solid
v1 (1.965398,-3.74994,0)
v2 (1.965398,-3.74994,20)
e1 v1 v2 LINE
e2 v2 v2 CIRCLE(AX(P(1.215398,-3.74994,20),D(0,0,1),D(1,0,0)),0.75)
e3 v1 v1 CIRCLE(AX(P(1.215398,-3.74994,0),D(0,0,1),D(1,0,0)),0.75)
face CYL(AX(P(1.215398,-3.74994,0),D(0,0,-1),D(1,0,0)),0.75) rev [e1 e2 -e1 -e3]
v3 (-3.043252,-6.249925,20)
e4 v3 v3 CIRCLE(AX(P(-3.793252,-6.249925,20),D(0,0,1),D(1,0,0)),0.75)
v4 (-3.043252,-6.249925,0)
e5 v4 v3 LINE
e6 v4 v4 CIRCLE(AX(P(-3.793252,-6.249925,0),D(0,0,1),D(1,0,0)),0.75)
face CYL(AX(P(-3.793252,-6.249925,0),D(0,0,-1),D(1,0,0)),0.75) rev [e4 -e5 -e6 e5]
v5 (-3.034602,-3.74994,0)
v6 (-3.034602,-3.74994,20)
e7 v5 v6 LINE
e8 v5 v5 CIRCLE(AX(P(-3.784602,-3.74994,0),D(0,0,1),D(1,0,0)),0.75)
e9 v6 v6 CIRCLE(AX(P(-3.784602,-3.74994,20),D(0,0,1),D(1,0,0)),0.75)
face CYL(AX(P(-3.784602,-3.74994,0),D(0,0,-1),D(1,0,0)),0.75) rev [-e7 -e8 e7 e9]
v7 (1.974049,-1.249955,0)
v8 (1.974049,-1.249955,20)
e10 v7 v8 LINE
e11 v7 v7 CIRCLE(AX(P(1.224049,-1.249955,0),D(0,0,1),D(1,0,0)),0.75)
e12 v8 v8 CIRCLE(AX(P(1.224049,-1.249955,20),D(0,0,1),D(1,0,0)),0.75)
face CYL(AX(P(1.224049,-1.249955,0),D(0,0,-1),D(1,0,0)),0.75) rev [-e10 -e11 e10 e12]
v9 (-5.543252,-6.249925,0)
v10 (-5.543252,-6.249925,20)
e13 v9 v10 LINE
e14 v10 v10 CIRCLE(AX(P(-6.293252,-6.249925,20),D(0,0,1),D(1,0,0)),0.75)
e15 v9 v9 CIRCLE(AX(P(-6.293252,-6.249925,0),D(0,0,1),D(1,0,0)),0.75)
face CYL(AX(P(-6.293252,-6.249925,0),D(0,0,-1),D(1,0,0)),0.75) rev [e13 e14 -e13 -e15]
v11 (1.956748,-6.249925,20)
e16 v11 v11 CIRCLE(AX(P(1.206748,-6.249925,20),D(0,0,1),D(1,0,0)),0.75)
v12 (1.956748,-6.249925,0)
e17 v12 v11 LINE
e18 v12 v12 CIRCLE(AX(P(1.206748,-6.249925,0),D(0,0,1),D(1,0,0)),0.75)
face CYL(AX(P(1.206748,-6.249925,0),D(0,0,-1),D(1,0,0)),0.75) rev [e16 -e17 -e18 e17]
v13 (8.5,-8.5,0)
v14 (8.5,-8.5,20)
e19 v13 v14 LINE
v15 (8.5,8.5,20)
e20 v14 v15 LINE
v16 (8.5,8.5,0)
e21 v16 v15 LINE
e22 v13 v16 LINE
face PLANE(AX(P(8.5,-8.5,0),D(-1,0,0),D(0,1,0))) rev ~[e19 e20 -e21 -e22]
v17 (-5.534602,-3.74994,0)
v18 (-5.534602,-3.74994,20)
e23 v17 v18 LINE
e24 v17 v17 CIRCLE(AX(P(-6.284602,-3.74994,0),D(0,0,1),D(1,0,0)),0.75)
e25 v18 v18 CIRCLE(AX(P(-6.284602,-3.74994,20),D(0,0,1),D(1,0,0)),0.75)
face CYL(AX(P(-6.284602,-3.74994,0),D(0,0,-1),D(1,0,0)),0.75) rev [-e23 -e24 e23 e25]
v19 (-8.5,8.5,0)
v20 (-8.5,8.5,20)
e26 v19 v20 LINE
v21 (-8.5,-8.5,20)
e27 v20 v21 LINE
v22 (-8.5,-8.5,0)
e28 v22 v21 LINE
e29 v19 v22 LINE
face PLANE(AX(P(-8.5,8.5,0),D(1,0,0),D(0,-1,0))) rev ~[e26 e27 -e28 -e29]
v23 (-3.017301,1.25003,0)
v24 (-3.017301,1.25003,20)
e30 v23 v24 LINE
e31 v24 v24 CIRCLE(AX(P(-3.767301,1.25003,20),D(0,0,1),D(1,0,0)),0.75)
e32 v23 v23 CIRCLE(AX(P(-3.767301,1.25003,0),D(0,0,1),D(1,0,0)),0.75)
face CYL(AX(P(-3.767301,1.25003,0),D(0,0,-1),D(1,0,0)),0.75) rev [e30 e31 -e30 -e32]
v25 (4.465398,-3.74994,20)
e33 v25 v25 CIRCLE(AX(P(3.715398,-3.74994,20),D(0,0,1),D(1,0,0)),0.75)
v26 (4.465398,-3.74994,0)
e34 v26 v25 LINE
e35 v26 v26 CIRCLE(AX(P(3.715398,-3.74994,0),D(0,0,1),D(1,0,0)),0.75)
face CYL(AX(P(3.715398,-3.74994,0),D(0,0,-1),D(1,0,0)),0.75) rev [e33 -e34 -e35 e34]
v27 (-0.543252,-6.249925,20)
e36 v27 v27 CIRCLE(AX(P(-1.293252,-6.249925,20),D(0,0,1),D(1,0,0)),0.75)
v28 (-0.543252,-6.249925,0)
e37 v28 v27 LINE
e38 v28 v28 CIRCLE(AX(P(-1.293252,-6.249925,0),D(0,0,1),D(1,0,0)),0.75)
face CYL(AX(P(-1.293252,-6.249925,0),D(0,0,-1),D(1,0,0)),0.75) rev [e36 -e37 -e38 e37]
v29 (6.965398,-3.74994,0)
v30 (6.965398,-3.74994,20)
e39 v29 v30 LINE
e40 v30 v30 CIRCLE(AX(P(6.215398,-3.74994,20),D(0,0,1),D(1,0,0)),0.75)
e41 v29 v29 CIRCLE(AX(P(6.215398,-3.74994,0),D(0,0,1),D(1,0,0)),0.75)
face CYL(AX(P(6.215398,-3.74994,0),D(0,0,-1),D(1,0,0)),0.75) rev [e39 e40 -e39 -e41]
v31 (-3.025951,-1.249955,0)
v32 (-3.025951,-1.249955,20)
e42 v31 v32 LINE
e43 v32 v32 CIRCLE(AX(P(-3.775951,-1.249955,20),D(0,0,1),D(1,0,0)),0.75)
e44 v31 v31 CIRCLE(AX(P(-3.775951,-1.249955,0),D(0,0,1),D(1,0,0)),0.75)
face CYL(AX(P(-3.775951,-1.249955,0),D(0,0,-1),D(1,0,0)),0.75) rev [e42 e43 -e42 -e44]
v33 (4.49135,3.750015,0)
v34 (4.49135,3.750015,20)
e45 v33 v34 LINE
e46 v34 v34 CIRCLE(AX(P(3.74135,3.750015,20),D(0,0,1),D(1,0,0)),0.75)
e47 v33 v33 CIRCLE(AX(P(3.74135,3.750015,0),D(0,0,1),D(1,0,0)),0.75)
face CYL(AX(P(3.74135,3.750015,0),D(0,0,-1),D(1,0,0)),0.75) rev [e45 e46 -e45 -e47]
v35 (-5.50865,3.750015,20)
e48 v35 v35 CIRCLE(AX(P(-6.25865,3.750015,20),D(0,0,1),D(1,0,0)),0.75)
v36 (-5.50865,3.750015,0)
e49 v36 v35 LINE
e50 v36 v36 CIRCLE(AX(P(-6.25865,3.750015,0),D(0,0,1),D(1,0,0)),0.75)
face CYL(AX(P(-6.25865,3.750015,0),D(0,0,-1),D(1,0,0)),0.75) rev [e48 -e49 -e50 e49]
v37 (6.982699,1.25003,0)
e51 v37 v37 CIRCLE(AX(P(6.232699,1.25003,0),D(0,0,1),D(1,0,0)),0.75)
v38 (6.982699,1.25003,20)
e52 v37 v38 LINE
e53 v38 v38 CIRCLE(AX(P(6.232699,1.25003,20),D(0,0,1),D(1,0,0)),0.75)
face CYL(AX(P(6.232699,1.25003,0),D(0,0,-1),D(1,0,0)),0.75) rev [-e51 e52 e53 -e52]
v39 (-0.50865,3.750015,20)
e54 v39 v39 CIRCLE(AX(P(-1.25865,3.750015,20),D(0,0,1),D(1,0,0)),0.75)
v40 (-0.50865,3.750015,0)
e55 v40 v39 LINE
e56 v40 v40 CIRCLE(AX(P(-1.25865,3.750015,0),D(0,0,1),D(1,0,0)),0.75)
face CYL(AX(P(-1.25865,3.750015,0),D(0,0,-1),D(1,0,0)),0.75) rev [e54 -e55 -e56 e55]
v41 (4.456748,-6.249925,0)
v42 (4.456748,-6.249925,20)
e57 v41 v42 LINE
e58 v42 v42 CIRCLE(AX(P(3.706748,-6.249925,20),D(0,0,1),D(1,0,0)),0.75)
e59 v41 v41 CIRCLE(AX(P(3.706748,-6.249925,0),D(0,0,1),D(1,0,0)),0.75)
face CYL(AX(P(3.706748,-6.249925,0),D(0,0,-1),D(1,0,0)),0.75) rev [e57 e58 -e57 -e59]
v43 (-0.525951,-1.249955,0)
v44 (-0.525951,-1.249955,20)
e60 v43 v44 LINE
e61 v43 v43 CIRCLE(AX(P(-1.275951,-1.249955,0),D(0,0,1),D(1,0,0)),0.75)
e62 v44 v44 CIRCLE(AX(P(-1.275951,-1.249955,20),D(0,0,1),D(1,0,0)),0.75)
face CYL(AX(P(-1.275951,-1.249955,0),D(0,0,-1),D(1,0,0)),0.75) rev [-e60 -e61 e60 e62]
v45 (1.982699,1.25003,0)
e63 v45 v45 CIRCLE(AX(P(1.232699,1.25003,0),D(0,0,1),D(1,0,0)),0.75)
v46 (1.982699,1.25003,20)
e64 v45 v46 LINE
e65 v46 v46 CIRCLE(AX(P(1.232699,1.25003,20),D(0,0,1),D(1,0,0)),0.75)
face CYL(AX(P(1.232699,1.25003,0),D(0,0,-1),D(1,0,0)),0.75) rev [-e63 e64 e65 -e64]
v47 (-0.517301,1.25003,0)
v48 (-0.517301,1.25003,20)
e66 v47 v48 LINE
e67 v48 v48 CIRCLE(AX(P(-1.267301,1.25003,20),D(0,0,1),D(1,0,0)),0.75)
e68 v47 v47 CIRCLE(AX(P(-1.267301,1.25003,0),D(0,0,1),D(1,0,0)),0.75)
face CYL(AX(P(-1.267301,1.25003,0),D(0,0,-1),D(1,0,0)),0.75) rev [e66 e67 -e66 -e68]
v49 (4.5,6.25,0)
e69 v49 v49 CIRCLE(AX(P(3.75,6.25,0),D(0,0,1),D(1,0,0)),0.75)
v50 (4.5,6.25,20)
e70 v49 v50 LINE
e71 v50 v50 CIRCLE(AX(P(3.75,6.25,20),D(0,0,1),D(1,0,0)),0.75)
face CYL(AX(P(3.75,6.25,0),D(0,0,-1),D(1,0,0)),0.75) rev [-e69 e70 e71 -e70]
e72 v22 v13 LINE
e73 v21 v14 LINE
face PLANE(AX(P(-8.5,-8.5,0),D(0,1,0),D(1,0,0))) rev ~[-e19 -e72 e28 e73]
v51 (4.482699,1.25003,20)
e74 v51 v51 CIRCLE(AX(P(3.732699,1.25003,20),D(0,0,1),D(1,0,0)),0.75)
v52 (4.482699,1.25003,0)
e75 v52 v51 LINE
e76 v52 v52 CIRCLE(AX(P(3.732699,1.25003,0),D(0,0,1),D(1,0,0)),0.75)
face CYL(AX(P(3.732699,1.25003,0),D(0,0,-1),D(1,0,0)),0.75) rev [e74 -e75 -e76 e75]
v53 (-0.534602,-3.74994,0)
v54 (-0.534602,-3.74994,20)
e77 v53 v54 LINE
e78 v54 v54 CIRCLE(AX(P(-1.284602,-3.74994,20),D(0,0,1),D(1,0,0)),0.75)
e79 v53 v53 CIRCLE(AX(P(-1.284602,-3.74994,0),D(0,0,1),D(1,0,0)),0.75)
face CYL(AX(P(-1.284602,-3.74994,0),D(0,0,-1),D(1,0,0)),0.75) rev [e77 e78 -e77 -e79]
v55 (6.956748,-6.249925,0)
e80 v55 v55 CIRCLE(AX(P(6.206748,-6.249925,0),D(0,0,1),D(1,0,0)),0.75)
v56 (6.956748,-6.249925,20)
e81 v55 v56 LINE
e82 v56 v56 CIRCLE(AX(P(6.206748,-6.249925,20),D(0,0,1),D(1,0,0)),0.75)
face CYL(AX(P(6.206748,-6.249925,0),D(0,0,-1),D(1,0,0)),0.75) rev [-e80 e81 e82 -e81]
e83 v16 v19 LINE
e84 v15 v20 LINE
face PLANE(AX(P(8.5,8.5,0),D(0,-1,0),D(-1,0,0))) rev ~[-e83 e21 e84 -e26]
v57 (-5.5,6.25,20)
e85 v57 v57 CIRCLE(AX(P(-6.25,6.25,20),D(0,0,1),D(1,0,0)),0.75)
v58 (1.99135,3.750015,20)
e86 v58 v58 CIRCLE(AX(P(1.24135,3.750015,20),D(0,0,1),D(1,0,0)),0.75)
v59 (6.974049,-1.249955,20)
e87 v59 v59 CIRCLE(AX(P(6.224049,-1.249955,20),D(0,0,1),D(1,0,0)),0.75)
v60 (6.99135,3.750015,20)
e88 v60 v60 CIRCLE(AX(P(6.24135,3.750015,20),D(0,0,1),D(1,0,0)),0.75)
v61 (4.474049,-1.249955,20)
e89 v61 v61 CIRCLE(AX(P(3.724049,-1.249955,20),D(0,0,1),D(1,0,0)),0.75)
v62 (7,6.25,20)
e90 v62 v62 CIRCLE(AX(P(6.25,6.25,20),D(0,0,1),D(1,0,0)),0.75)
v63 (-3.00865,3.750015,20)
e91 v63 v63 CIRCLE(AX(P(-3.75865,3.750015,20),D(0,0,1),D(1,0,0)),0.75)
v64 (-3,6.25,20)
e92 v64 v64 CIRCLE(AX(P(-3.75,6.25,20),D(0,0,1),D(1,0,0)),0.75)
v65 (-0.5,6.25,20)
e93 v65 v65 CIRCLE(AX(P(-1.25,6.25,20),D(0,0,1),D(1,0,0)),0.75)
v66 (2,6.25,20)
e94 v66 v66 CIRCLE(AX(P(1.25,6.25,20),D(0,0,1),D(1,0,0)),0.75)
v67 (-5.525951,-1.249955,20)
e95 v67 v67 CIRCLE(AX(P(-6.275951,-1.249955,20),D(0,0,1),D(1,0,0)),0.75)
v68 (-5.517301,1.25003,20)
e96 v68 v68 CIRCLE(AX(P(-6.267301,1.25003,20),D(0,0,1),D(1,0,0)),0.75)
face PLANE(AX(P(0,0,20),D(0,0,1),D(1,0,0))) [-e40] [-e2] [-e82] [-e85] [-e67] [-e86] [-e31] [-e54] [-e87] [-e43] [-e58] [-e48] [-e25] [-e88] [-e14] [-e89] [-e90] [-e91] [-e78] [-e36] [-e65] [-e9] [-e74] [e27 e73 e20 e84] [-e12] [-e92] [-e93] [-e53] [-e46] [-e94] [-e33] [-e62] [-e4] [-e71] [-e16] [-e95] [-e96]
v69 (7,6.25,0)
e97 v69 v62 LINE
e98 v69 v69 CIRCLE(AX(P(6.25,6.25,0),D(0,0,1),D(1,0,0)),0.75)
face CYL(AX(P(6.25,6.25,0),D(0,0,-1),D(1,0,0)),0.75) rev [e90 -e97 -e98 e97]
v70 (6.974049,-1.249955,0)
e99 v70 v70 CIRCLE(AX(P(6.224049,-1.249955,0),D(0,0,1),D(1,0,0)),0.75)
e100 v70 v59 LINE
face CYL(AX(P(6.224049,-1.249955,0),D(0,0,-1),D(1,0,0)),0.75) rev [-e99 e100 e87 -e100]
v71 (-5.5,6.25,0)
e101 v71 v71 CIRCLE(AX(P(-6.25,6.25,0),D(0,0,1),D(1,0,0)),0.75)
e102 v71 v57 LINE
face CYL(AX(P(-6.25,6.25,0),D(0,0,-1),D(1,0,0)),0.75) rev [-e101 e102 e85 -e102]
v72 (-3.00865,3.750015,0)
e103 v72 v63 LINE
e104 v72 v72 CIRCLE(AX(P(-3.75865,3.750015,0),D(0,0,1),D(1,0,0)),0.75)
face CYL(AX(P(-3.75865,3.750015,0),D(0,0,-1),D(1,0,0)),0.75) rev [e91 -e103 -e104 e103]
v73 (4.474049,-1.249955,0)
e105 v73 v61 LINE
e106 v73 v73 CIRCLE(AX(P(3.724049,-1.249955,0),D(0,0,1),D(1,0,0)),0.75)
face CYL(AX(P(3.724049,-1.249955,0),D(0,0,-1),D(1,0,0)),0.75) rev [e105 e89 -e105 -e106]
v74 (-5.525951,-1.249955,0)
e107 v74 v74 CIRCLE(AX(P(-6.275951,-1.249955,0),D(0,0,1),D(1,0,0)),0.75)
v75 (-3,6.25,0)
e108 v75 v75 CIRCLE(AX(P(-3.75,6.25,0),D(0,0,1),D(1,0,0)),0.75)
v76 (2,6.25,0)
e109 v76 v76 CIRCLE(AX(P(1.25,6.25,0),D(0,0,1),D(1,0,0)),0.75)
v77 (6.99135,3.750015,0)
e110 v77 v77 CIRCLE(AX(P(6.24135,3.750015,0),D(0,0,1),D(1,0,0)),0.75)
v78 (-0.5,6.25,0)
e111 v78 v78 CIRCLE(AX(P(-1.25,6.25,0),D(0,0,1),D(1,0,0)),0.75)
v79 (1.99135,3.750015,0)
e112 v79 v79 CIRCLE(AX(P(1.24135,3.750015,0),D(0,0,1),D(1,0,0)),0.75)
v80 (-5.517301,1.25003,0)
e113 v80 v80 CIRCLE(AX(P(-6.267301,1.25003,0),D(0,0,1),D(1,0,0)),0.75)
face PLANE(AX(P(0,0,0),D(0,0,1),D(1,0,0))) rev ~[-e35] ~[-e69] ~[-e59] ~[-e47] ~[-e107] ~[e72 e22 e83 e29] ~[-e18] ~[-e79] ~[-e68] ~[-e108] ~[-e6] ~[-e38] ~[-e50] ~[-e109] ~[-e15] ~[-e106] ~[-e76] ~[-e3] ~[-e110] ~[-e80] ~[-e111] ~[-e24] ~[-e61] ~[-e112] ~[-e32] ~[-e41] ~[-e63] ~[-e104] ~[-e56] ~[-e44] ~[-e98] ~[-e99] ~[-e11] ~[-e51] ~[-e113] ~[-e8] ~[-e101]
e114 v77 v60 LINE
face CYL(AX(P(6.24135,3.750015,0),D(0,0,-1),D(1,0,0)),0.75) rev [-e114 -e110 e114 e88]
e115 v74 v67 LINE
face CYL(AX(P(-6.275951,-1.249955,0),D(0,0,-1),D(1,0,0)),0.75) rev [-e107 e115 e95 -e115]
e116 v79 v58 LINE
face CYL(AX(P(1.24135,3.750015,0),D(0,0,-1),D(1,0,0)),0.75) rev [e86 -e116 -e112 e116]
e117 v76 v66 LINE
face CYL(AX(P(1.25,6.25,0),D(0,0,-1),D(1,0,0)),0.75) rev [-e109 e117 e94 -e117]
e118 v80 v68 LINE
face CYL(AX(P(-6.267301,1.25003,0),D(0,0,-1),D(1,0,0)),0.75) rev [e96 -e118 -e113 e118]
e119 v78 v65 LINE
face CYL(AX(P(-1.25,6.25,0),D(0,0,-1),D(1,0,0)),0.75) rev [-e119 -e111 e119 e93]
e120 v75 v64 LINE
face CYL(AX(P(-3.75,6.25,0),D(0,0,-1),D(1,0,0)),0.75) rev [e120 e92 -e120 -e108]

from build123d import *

# Parameters (mm, degrees)
F0_R     = 0.75
F1_DEPTH = 20


with BuildPart() as f1:
    # F0 (on Top) → F1 (new body)
    with BuildSketch(Plane.XY):
        Polygon((-6.25, 8.5), (-8.5, 8.5), (-8.5, 6.25), (-8.5, 3.75), (-8.5, 1.25), (-8.5, -1.25), (-8.5, -3.75), (-8.5, -6.25), (-8.5, -8.5), (8.5, -8.5), (8.5, 8.5), (6.25, 8.5), (3.75, 8.5), (1.25, 8.5), (-1.25, 8.5), (-3.75, 8.5), align=None)
        with Locations((-6.293252, -6.249925)):
            Circle(F0_R, mode=Mode.SUBTRACT)
        with Locations((-3.793252, -6.249925)):
            Circle(F0_R, mode=Mode.SUBTRACT)
        with Locations((-1.293252, -6.249925)):
            Circle(F0_R, mode=Mode.SUBTRACT)
        with Locations((-6.284602, -3.74994)):
            Circle(F0_R, mode=Mode.SUBTRACT)
        with Locations((-6.275951, -1.249955)):
            Circle(F0_R, mode=Mode.SUBTRACT)
        with Locations((-3.784602, -3.74994)):
            Circle(F0_R, mode=Mode.SUBTRACT)
        with Locations((-1.284602, -3.74994)):
            Circle(F0_R, mode=Mode.SUBTRACT)
        with Locations((-3.775951, -1.249955)):
            Circle(F0_R, mode=Mode.SUBTRACT)
        with Locations((-1.275951, -1.249955)):
            Circle(F0_R, mode=Mode.SUBTRACT)
        with Locations((1.206748, -6.249925)):
            Circle(F0_R, mode=Mode.SUBTRACT)
        with Locations((3.706748, -6.249925)):
            Circle(F0_R, mode=Mode.SUBTRACT)
        with Locations((6.206748, -6.249925)):
            Circle(F0_R, mode=Mode.SUBTRACT)
        with Locations((1.215398, -3.74994)):
            Circle(F0_R, mode=Mode.SUBTRACT)
        with Locations((3.715398, -3.74994)):
            Circle(F0_R, mode=Mode.SUBTRACT)
        with Locations((1.224049, -1.249955)):
            Circle(F0_R, mode=Mode.SUBTRACT)
        with Locations((3.724049, -1.249955)):
            Circle(F0_R, mode=Mode.SUBTRACT)
        with Locations((6.215398, -3.74994)):
            Circle(F0_R, mode=Mode.SUBTRACT)
        with Locations((6.224049, -1.249955)):
            Circle(F0_R, mode=Mode.SUBTRACT)
        with Locations((-6.267301, 1.25003)):
            Circle(F0_R, mode=Mode.SUBTRACT)
        with Locations((-6.25865, 3.750015)):
            Circle(F0_R, mode=Mode.SUBTRACT)
        with Locations((-3.767301, 1.25003)):
            Circle(F0_R, mode=Mode.SUBTRACT)
        with Locations((-1.267301, 1.25003)):
            Circle(F0_R, mode=Mode.SUBTRACT)
        with Locations((-3.75865, 3.750015)):
            Circle(F0_R, mode=Mode.SUBTRACT)
        with Locations((-1.25865, 3.750015)):
            Circle(F0_R, mode=Mode.SUBTRACT)
        with Locations((-6.25, 6.25)):
            Circle(F0_R, mode=Mode.SUBTRACT)
        with Locations((-3.75, 6.25)):
            Circle(F0_R, mode=Mode.SUBTRACT)
        with Locations((-1.25, 6.25)):
            Circle(F0_R, mode=Mode.SUBTRACT)
        with Locations((1.232699, 1.25003)):
            Circle(F0_R, mode=Mode.SUBTRACT)
        with Locations((3.732699, 1.25003)):
            Circle(F0_R, mode=Mode.SUBTRACT)
        with Locations((1.24135, 3.750015)):
            Circle(F0_R, mode=Mode.SUBTRACT)
        with Locations((3.74135, 3.750015)):
            Circle(F0_R, mode=Mode.SUBTRACT)
        with Locations((6.232699, 1.25003)):
            Circle(F0_R, mode=Mode.SUBTRACT)
        with Locations((6.24135, 3.750015)):
            Circle(F0_R, mode=Mode.SUBTRACT)
        with Locations((1.25, 6.25)):
            Circle(F0_R, mode=Mode.SUBTRACT)
        with Locations((3.75, 6.25)):
            Circle(F0_R, mode=Mode.SUBTRACT)
        with Locations((6.25, 6.25)):
            Circle(F0_R, mode=Mode.SUBTRACT)
    extrude(amount=F1_DEPTH)


solid = f1.part
